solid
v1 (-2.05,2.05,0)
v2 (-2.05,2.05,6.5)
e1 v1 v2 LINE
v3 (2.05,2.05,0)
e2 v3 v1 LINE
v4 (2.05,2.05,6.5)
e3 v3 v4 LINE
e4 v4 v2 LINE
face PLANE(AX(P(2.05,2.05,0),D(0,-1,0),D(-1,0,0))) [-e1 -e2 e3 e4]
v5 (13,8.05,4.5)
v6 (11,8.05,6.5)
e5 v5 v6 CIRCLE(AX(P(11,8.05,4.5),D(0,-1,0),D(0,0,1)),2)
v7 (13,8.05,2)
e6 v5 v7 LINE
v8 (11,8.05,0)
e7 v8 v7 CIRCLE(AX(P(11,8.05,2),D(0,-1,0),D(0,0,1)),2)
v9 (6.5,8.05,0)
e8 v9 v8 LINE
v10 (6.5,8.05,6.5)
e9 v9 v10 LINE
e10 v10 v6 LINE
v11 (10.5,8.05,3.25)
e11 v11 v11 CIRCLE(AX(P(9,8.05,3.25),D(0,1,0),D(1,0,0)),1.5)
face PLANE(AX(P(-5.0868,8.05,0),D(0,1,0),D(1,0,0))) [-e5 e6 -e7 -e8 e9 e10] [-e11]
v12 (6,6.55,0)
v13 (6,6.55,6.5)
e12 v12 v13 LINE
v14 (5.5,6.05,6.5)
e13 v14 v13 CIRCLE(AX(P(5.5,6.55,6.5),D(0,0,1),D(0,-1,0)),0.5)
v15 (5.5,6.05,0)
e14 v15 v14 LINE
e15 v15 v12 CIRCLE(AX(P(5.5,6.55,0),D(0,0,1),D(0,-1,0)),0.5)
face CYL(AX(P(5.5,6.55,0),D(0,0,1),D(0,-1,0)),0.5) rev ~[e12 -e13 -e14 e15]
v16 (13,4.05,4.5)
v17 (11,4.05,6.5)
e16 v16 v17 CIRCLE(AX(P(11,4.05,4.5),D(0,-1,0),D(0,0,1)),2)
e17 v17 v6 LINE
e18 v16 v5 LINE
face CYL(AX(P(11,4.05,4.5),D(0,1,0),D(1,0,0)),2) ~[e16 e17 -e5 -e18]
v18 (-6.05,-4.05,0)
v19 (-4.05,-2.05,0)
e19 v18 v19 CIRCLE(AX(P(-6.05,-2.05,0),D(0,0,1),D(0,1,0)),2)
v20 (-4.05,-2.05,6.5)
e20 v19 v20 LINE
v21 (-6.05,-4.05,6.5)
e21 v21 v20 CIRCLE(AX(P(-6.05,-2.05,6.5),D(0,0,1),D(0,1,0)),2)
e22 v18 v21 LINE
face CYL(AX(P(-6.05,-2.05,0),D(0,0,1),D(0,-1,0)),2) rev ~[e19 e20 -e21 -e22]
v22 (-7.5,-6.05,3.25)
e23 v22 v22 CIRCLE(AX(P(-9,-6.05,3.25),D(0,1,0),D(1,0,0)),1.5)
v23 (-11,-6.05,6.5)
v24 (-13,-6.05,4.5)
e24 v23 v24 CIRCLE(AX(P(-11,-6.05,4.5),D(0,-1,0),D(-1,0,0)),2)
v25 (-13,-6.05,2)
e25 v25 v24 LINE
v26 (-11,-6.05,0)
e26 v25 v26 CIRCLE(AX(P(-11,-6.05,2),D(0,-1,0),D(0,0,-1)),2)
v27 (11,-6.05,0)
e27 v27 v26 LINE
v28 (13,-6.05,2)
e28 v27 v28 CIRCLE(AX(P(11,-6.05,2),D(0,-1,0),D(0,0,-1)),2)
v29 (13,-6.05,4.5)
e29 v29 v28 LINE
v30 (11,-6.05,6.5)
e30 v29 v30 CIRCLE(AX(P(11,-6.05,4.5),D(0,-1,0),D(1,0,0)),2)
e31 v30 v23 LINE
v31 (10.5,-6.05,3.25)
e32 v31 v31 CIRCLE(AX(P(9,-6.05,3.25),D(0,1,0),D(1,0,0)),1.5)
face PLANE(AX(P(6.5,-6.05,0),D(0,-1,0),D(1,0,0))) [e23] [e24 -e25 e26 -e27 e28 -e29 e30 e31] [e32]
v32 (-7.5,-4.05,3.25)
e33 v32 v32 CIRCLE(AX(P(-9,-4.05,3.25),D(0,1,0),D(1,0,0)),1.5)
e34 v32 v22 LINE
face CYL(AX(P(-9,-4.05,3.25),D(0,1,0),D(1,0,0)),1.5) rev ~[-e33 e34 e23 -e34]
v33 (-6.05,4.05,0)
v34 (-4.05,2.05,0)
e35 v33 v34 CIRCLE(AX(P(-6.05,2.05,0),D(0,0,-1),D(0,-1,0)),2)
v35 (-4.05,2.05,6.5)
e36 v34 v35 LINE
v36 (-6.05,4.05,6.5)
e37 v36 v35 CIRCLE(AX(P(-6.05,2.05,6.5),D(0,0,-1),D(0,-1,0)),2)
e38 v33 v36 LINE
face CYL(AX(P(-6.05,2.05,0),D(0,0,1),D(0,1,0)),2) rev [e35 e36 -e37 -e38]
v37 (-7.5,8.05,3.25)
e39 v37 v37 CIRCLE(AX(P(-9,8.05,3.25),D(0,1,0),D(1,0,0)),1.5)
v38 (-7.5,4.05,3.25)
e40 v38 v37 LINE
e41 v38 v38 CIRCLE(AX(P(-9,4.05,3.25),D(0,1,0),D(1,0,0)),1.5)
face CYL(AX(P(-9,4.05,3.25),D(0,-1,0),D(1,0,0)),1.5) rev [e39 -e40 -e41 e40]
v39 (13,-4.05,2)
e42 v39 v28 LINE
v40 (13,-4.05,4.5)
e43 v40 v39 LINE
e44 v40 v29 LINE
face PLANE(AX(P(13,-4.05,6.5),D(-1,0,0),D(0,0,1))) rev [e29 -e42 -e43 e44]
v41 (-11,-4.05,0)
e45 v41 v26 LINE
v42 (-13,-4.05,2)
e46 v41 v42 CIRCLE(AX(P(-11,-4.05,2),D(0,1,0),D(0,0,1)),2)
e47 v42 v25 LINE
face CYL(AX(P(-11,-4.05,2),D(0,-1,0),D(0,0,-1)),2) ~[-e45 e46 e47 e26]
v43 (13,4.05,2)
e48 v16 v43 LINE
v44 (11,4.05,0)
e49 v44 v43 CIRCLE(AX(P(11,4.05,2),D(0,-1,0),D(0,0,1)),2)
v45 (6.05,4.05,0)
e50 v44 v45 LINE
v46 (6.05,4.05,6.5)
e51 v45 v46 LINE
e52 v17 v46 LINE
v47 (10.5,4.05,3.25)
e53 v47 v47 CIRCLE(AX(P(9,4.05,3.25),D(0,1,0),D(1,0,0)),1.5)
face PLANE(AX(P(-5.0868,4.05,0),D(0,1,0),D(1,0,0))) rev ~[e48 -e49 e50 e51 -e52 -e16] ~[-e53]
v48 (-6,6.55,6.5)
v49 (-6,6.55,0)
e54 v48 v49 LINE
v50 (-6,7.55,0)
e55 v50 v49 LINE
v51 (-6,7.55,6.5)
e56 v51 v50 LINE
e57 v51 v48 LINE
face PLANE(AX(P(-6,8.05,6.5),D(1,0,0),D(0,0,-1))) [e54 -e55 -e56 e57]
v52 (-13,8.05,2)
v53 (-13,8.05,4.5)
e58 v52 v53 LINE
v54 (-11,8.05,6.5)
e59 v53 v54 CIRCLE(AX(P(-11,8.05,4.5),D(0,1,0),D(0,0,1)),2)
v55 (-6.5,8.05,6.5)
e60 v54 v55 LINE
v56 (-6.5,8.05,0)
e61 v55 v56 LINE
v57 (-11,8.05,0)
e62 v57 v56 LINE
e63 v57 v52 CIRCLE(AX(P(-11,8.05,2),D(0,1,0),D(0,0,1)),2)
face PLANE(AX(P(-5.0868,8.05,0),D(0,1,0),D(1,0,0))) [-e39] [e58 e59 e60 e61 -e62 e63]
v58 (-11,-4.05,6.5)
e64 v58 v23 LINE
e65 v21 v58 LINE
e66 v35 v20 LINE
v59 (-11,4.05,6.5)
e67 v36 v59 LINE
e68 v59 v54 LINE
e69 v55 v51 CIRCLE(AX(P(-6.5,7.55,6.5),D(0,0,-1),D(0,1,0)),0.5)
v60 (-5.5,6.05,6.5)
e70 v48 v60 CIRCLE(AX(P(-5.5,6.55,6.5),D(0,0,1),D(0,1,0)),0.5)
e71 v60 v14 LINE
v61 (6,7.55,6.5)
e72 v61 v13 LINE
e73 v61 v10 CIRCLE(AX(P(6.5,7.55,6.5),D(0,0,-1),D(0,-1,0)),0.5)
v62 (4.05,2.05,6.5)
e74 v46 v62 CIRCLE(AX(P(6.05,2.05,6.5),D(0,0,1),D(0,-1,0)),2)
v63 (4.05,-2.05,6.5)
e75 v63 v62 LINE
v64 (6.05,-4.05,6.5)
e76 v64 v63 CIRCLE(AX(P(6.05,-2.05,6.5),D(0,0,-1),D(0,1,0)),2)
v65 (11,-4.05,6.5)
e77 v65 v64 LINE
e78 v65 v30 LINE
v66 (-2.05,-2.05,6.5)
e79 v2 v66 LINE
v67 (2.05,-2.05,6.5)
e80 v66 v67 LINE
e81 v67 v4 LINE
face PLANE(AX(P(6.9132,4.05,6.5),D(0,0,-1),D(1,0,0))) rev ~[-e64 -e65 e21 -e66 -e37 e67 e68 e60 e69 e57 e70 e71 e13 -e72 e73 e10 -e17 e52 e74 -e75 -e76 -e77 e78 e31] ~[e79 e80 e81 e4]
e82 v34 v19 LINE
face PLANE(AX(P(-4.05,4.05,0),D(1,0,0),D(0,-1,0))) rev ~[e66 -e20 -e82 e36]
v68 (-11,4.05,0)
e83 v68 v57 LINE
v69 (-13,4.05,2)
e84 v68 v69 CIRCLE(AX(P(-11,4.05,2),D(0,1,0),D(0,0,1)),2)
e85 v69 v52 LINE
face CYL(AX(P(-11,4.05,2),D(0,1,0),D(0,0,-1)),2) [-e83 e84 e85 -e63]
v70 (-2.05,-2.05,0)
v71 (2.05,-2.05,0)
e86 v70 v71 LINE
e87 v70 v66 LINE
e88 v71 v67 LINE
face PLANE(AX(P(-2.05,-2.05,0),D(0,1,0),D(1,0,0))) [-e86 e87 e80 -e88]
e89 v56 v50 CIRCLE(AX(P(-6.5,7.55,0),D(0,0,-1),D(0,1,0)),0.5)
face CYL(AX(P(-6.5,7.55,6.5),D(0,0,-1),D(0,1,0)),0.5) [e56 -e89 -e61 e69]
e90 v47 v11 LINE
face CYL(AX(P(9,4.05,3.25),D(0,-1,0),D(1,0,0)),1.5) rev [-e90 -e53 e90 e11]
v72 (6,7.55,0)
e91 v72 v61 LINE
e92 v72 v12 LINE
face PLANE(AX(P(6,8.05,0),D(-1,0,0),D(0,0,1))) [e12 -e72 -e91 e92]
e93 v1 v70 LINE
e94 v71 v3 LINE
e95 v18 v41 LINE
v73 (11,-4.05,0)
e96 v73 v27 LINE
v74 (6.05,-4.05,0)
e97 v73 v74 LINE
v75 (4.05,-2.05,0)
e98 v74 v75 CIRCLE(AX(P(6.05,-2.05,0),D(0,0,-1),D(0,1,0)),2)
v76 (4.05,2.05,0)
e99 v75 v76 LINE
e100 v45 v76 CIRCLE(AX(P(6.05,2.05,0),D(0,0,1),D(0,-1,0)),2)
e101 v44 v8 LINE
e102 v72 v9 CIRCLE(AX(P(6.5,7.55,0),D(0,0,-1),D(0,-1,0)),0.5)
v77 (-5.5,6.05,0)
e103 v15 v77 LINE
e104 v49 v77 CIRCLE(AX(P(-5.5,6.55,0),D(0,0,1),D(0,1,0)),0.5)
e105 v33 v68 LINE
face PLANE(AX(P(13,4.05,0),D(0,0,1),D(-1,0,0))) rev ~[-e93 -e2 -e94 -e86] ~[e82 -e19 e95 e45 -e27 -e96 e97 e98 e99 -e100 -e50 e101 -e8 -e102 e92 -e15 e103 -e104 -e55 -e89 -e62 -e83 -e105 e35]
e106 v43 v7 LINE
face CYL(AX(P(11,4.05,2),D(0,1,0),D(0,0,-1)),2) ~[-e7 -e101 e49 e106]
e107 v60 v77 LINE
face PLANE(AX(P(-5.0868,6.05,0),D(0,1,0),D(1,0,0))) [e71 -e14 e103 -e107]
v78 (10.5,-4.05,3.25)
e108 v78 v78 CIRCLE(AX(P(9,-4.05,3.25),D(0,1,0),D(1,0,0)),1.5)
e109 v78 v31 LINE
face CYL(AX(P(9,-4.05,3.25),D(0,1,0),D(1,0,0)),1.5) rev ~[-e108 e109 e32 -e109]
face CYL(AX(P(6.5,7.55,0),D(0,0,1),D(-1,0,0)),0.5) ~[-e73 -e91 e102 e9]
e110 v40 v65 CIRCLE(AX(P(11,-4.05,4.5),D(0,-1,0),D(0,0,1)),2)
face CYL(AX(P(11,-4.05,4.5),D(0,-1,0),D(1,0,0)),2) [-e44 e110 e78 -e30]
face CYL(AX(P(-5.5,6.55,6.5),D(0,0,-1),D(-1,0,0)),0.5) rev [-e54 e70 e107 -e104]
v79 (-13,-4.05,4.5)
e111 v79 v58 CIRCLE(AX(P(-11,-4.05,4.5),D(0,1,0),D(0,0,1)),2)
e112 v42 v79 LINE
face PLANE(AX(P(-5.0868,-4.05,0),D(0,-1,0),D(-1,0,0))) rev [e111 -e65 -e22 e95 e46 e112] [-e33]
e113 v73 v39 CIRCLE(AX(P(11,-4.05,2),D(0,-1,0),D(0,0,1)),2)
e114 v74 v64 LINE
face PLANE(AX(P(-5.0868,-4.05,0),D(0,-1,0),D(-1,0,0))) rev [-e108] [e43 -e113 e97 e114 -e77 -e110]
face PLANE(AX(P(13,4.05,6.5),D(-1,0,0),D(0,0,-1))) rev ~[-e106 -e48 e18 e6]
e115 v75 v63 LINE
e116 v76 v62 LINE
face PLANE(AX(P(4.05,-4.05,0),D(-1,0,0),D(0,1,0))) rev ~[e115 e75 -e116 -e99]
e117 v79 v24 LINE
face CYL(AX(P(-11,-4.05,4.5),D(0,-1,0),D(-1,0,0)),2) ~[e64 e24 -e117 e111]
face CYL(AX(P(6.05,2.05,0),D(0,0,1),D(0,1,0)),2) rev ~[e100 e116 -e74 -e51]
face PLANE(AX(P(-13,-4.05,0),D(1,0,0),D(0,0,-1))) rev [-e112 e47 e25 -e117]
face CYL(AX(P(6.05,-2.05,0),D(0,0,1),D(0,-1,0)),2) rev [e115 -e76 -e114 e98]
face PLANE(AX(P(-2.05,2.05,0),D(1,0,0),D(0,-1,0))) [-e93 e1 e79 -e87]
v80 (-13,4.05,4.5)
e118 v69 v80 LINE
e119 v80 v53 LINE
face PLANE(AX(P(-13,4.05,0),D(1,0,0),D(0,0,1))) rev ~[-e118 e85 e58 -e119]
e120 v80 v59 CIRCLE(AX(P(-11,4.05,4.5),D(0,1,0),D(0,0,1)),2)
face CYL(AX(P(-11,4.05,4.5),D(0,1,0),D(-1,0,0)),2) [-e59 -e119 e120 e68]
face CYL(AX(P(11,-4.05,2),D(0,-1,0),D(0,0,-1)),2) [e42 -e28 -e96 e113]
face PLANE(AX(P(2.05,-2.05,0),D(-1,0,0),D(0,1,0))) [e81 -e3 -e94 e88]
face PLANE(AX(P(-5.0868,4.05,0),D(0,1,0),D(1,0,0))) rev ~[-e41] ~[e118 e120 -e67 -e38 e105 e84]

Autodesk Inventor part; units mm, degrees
ref_plane "YZ Plane" through (0, 0, 0) normal (1, 0, 0) x (0, 1, 0)
ref_plane "XZ Plane" through (0, 0, 0) normal (0, 1, 0) x (-1, 0, 0)
ref_plane "XY Plane" through (0, 0, 0) normal (0, 0, 1) x (1, 0, 0)
sketch "Sketch1" plane through (0, 0, 0) normal (0, 0, 1) x (1, 0, 0)
  line L0 (2.05, 2.05) -> (-2.05, 2.05)
  line L1 (-2.05, 2.05) -> (-2.05, -2.05)
  line L2 (-2.05, -2.05) -> (2.05, -2.05)
  line L3 (2.05, -2.05) -> (2.05, 2.05)
  line L4 (2.05, 2.05) -> (-2.05, -2.05) construction
  line L5 (-2.05, 2.05) -> (2.05, -2.05) construction
  line L6 (4.05, 4.05) -> (-4.05, 4.05)
  line L7 (-4.05, 4.05) -> (-4.05, -4.05)
  line L8 (-4.05, -4.05) -> (4.05, -4.05)
  line L9 (4.05, -4.05) -> (4.05, 4.05)
  line L10 (4.05, 4.05) -> (-4.05, -4.05) construction
  line L11 (-4.05, 4.05) -> (4.05, -4.05) construction
  point P0 (0, 0)
  point P1 (0, 0)
  point P2 (0, 0)
  point P3 (0, 0)
  dimension "d24" = 8.1
  dimension "d25" = 4.1
  dimension "d26" = 8.1
extrude "Extrusion1" add sketch "Sketch1" along normal blind 6.5
sketch "Sketch2" plane through (-5.0868, 4.05, 0) normal (0, 1, 0) x (1, 0, 0)
  circle A0 centre (14.0868, -3.25) radius 1.5
  circle A1 centre (-3.9132, -3.25) radius 1.5
  line L0 (12, 0) -> (0, 0) projected
  line L1 (12, -6.5) -> (0, -6.5) projected
  line L2 (-7.9132, -6.5) -> (18.0868, -6.5)
  line L3 (18.0868, -6.5) -> (18.0868, 0)
  line L4 (18.0868, 0) -> (-7.9132, 0)
  line L5 (-7.9132, 0) -> (-7.9132, -6.5)
  line L6 (5.0868, -6.5) -> (5.0868, 0) construction
  line L7 (1.0368, 0) -> (1.0368, -6.5) projected
  line L8 (9.1368, 0) -> (9.1368, -6.5) projected
  point P0 (5.0868, 0)
  dimension "d8" = 3
  dimension "d9" = 3
  dimension "d10" = 18
  dimension "d11" = 6.5
  dimension "d14" = 4
  dimension "d15" = 4
  dimension "d16" = 3.25
  dimension "d17" = 3.25
  dimension "d18" = 0
  dimension "d23" = 3.25
  dimension "d30" = 26
  dimension "d31" = 8.1
  dimension "d32" = 8.95
extrude "Extrusion2" add sketch "Sketch2" along normal blind 4
fillet "Fillet1" radius 2 2 edges at (4.05, 4.05, 3.25) (-4.05, 4.05, 3.25)
fillet "Fillet2" radius 2 2 edges at (-4.05, -4.05, 3.25) (4.05, -4.05, 3.25)
fillet "Fillet3" radius 2 4 edges at (-13, 6.05, 6.5) (13, 6.05, 6.5) (13, 6.05, 0) (-13, 6.05, 0)
sketch "Sketch3" plane through (-5.0868, 8.05, 0) normal (0, 1, 0) x (1, 0, 0)
  line L0 (-5.9132, -6.5) -> (16.0868, -6.5) projected
  line L1 (16.0868, 0) -> (-5.9132, 0) projected
  line L2 (11.0868, -6.5) -> (-0.9132, -6.5)
  line L3 (-0.9132, -6.5) -> (-0.9132, 0)
  line L4 (-0.9132, 0) -> (11.0868, 0)
  line L5 (11.0868, 0) -> (11.0868, -6.5)
  line L6 (-7.9132, -2) -> (-7.9132, -4.5) projected
  line L7 (18.0868, -4.5) -> (18.0868, -2) projected
  point P0 (5.0868, 0)
  point P1 (11.0868, 0)
  point P2 (-0.9132, -6.5)
  dimension "d33" = 7
  dimension "d34" = 7
extrude "Extrusion3" cut sketch "Sketch3" against normal blind 2
fillet "Fillet4" radius 0.5 4 edges at (6, 8.05, 3.25) (-6, 8.05, 3.25) (-6, 6.05, 3.25) (6, 6.05, 3.25)
mirror "Mirror1" about plane through (0, 0, 0) normal (0, 1, 0)
sketch "Sketch5" plane through (6.5, -8.05, 0) normal (0, -1, 0) x (1, 0, 0)
  line L0 (12.0758, -8.2102) -> (-27.8852, -8.2102)
  line L1 (-27.8852, -8.2102) -> (-27.8852, 11.7461)
  line L2 (-27.8852, 11.7461) -> (12.0758, 11.7461)
  line L3 (12.0758, 11.7461) -> (12.0758, -8.2102)
  point P0 (-6.5, 0)
extrude "Extrusion4" cut sketch "Sketch5" against normal up to surface (2 mm away)
equation "\"d16\" = d17"
equation "\"d23\" = d17"
equation "\"d32\" = -0.5 * d31 + 0.5 * d30"
properties part number "fuselage_CM904_interface" material "ABS Plastic"
